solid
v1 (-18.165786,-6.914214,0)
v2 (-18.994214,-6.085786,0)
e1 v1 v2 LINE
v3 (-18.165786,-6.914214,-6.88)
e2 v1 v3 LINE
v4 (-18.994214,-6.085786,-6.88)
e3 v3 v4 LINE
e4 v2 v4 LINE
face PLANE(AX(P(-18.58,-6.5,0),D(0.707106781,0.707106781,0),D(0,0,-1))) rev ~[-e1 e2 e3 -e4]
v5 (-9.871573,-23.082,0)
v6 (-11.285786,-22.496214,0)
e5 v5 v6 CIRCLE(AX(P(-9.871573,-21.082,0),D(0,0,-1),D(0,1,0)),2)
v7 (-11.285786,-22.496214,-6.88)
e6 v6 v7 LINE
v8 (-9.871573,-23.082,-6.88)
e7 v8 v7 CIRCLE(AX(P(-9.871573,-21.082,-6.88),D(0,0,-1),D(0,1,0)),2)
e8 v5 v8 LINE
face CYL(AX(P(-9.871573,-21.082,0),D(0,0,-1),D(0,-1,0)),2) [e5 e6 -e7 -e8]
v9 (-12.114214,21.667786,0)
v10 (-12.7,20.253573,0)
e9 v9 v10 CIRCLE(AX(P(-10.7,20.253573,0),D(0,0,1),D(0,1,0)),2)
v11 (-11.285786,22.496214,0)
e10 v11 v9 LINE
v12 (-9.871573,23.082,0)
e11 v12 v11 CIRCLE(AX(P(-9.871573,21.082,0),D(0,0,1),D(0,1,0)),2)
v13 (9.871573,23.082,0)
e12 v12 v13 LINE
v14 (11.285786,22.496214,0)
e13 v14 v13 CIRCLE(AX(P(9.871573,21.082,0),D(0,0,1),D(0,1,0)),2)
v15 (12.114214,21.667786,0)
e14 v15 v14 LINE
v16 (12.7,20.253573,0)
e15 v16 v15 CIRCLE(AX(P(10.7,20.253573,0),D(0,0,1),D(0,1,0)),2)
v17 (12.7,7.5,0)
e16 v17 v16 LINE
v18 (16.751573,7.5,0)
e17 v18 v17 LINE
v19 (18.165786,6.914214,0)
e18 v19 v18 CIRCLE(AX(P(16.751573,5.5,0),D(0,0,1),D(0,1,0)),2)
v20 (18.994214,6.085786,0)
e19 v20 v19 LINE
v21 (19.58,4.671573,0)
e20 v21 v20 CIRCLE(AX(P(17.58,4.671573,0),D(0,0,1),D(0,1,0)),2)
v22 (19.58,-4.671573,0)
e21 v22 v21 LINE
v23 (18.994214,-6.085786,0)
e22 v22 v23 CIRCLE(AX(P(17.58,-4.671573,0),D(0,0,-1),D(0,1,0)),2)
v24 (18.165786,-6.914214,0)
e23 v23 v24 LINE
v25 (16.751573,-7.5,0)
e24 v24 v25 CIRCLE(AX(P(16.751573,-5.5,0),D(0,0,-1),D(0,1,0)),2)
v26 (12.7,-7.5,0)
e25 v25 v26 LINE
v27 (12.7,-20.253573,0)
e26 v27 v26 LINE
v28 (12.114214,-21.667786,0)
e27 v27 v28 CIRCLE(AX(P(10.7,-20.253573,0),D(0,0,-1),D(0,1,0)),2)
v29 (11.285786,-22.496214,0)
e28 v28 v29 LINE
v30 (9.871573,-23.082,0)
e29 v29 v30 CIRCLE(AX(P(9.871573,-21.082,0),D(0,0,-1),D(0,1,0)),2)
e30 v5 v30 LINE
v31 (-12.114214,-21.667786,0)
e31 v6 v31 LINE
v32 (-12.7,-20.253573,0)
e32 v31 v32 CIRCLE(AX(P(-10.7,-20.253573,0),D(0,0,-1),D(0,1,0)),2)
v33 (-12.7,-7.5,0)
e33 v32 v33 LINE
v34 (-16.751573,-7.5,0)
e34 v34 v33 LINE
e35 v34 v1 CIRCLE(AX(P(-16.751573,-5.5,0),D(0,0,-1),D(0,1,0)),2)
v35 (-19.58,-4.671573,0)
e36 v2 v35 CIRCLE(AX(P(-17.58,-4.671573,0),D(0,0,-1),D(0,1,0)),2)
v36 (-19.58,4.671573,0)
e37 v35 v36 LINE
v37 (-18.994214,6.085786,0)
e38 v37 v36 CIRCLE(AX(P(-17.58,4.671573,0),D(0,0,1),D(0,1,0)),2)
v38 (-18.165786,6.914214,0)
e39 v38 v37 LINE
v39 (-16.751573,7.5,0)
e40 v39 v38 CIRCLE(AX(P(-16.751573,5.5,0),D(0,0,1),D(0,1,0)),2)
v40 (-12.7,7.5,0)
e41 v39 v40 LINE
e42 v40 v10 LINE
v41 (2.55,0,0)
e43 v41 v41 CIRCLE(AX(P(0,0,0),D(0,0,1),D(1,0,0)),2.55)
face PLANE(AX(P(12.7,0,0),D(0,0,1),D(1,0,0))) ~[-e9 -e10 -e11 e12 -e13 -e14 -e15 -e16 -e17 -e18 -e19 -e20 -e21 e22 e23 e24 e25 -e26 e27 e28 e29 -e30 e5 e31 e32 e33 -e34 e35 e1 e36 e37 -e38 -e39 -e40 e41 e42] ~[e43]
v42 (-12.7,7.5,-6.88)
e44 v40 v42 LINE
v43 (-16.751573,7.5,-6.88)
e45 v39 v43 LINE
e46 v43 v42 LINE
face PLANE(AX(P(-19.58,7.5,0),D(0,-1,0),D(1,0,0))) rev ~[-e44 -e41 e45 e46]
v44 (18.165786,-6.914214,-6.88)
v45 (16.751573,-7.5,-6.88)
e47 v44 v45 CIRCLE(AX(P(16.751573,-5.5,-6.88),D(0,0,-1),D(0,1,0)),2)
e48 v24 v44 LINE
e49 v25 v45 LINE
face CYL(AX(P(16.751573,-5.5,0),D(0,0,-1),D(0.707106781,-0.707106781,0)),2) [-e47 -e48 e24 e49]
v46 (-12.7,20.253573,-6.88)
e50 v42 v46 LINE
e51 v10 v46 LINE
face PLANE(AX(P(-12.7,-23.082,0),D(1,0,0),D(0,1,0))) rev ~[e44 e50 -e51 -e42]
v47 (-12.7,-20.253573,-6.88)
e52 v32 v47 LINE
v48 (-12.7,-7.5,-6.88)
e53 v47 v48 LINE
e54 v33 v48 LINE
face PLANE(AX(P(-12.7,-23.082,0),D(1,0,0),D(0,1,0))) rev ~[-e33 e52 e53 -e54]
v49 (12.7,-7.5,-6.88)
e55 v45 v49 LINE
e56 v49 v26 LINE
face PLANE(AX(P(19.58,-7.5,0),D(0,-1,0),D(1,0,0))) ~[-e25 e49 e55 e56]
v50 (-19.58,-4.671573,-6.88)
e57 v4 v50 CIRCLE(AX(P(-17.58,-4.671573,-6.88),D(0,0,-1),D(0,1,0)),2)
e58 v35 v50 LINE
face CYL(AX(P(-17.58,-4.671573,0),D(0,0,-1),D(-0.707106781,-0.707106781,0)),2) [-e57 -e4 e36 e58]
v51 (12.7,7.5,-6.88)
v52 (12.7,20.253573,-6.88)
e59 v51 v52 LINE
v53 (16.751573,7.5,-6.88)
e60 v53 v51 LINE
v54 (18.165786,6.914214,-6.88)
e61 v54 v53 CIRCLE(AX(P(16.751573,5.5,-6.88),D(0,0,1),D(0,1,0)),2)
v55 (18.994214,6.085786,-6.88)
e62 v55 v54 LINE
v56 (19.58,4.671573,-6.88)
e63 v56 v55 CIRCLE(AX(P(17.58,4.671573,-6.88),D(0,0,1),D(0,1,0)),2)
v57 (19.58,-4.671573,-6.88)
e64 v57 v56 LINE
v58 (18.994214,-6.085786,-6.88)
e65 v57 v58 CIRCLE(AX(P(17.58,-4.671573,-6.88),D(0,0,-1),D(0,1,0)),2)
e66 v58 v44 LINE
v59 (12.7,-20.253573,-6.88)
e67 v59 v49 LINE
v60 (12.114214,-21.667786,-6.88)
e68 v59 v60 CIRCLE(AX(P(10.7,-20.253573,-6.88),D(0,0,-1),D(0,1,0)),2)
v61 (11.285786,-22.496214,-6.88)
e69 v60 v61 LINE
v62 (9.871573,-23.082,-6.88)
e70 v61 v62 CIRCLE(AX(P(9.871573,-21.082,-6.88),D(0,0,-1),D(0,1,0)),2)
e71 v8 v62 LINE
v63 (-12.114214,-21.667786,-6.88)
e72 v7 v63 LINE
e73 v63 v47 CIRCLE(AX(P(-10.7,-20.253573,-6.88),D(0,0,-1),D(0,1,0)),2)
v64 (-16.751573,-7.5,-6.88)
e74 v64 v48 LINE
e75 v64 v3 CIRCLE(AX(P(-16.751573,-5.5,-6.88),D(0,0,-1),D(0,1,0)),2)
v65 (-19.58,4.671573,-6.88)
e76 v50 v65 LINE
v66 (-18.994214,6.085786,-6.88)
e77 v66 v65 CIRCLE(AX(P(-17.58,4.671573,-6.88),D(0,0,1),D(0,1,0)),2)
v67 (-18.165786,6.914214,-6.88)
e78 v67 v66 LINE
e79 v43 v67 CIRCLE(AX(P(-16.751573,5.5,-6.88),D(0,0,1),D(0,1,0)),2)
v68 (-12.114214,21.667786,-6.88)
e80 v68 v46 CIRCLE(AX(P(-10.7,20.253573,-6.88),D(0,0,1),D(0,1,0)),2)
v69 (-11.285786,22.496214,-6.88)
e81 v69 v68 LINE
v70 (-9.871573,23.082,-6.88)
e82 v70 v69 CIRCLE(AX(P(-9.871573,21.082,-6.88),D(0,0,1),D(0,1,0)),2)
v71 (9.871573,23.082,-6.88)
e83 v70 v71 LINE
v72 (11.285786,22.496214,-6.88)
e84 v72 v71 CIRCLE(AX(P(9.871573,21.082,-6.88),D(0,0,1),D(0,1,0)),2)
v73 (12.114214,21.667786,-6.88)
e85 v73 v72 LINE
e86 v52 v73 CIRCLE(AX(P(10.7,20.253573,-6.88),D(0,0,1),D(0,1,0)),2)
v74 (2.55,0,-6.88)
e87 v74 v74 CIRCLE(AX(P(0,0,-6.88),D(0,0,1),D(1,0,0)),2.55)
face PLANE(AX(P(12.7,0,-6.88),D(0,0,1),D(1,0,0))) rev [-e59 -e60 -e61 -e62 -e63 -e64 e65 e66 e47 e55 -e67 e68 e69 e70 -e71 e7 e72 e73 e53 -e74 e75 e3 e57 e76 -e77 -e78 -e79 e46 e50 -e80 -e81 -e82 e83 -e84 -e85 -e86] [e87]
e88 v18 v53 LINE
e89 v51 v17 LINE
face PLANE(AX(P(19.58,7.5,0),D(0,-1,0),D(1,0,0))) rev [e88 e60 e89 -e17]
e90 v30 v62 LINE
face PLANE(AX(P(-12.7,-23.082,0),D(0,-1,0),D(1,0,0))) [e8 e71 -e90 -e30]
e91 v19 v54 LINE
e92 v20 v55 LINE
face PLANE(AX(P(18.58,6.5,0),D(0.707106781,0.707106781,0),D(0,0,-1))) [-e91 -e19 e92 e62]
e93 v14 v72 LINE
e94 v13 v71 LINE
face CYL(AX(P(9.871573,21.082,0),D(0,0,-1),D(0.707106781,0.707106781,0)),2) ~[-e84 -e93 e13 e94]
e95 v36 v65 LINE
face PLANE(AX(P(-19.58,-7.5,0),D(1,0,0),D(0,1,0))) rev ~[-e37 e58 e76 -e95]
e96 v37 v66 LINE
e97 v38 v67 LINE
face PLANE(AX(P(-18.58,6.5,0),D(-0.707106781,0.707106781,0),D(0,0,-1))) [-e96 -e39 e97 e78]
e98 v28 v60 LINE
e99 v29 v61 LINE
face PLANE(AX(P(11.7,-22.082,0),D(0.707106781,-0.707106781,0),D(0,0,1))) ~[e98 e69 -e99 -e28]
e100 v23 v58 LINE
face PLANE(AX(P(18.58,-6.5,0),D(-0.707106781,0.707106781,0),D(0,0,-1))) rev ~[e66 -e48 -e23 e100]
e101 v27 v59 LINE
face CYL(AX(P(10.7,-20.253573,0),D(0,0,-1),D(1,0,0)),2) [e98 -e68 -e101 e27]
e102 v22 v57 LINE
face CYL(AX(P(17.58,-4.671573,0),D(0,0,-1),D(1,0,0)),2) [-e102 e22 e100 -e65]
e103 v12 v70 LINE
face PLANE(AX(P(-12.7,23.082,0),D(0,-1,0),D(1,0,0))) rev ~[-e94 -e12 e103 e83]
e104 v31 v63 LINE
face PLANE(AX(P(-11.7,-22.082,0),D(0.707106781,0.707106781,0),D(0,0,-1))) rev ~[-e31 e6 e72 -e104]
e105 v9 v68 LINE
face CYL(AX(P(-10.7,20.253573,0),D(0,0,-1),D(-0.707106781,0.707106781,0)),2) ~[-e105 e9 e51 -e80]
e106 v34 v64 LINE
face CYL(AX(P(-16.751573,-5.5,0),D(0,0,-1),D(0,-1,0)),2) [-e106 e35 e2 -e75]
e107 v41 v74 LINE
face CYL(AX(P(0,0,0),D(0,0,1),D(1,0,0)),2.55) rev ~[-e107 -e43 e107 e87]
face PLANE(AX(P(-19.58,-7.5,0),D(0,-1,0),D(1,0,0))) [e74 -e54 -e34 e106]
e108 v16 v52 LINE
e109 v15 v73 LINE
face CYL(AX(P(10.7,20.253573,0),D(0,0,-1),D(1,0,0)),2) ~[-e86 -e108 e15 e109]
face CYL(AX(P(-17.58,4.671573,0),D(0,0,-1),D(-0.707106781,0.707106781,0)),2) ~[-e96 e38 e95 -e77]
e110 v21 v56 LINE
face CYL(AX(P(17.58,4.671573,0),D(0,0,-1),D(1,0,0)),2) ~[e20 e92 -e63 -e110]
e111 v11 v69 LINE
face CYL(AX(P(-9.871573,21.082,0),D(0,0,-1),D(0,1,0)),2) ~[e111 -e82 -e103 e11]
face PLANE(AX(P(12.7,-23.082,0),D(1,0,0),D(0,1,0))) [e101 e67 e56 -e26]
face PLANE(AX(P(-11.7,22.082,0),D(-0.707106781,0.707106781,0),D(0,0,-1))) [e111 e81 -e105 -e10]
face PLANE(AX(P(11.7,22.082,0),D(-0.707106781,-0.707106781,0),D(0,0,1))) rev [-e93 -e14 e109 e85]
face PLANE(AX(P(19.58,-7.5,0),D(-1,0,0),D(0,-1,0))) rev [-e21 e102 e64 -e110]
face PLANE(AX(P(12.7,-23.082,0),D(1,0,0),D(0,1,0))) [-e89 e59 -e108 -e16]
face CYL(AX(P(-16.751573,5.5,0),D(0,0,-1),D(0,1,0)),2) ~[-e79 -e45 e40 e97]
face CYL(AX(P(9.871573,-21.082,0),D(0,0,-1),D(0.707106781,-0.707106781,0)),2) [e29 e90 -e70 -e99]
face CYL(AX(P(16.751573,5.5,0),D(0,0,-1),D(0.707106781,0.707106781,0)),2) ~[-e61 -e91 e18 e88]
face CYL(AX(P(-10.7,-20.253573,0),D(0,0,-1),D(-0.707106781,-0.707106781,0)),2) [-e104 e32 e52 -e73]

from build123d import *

# Parameters (mm, degrees)
SKETCH1_W           = 25.4
SKETCH1_H           = 46.164
BOSS_EXTRUDE1_DEPTH = 6.88
SKETCH2_W           = 13.76
SKETCH2_H           = 15
BOSS_EXTRUDE2_DEPTH = 6.88
SKETCH3_R           = 2.55
CUT_EXTRUDE1_DEPTH  = 7.88
CHAMFER1_SIZE       = 2
FILLET1_R           = 2


with BuildPart() as part:
    # Sketch1 → Boss-Extrude1 (new body)
    with BuildSketch(Plane.XY):
        Rectangle(SKETCH1_W, SKETCH1_H)
    extrude(amount=-BOSS_EXTRUDE1_DEPTH)

    # Sketch2 → Boss-Extrude2 (add)
    with BuildSketch(Plane.XY):
        with Locations((-12.7, 0)):
            Rectangle(SKETCH2_W, SKETCH2_H)
    boss_extrude2 = extrude(amount=-BOSS_EXTRUDE2_DEPTH)

    # Mirror2: Boss-Extrude2 across plane
    add(boss_extrude2.mirror(Plane(origin=(0, 0, 0), x_dir=(0, 0, 1), z_dir=(1, 0, 0))))

    # Sketch3 → Cut-Extrude1 (cut, through all)
    with BuildSketch(Plane.XY):
        Circle(SKETCH3_R)
    extrude(amount=-CUT_EXTRUDE1_DEPTH, mode=Mode.SUBTRACT)

    # Chamfer1
    chamfer1_edges = [part.edges().sort_by_distance(p)[0] for p in [
        (-19.58, -7.5, -3.44),
        (-19.58, 7.5, -3.44),
        (19.58, 7.5, -3.44),
        (19.58, -7.5, -3.44),
        (-12.7, 23.082, -3.44),
        (12.7, 23.082, -3.44),
        (12.7, -23.082, -3.44),
        (-12.7, -23.082, -3.44),
    ]]
    chamfer(chamfer1_edges, length=CHAMFER1_SIZE)

    # Fillet1
    fillet1_edges = [part.edges().sort_by_distance(p)[0] for p in [
        (10.7, 23.082, -3.44),
        (-10.7, 23.082, -3.44),
        (-12.7, 21.082, -3.44),
        (-17.58, 7.5, -3.44),
        (-19.58, -5.5, -3.44),
        (-19.58, 5.5, -3.44),
        (-17.58, -7.5, -3.44),
        (-12.7, -21.082, -3.44),
        (10.7, -23.082, -3.44),
        (-10.7, -23.082, -3.44),
        (12.7, -21.082, -3.44),
        (17.58, -7.5, -3.44),
        (19.58, 5.5, -3.44),
        (19.58, -5.5, -3.44),
        (12.7, 21.082, -3.44),
        (17.58, 7.5, -3.44),
    ]]
    fillet(fillet1_edges, radius=FILLET1_R)


solid = part.part
